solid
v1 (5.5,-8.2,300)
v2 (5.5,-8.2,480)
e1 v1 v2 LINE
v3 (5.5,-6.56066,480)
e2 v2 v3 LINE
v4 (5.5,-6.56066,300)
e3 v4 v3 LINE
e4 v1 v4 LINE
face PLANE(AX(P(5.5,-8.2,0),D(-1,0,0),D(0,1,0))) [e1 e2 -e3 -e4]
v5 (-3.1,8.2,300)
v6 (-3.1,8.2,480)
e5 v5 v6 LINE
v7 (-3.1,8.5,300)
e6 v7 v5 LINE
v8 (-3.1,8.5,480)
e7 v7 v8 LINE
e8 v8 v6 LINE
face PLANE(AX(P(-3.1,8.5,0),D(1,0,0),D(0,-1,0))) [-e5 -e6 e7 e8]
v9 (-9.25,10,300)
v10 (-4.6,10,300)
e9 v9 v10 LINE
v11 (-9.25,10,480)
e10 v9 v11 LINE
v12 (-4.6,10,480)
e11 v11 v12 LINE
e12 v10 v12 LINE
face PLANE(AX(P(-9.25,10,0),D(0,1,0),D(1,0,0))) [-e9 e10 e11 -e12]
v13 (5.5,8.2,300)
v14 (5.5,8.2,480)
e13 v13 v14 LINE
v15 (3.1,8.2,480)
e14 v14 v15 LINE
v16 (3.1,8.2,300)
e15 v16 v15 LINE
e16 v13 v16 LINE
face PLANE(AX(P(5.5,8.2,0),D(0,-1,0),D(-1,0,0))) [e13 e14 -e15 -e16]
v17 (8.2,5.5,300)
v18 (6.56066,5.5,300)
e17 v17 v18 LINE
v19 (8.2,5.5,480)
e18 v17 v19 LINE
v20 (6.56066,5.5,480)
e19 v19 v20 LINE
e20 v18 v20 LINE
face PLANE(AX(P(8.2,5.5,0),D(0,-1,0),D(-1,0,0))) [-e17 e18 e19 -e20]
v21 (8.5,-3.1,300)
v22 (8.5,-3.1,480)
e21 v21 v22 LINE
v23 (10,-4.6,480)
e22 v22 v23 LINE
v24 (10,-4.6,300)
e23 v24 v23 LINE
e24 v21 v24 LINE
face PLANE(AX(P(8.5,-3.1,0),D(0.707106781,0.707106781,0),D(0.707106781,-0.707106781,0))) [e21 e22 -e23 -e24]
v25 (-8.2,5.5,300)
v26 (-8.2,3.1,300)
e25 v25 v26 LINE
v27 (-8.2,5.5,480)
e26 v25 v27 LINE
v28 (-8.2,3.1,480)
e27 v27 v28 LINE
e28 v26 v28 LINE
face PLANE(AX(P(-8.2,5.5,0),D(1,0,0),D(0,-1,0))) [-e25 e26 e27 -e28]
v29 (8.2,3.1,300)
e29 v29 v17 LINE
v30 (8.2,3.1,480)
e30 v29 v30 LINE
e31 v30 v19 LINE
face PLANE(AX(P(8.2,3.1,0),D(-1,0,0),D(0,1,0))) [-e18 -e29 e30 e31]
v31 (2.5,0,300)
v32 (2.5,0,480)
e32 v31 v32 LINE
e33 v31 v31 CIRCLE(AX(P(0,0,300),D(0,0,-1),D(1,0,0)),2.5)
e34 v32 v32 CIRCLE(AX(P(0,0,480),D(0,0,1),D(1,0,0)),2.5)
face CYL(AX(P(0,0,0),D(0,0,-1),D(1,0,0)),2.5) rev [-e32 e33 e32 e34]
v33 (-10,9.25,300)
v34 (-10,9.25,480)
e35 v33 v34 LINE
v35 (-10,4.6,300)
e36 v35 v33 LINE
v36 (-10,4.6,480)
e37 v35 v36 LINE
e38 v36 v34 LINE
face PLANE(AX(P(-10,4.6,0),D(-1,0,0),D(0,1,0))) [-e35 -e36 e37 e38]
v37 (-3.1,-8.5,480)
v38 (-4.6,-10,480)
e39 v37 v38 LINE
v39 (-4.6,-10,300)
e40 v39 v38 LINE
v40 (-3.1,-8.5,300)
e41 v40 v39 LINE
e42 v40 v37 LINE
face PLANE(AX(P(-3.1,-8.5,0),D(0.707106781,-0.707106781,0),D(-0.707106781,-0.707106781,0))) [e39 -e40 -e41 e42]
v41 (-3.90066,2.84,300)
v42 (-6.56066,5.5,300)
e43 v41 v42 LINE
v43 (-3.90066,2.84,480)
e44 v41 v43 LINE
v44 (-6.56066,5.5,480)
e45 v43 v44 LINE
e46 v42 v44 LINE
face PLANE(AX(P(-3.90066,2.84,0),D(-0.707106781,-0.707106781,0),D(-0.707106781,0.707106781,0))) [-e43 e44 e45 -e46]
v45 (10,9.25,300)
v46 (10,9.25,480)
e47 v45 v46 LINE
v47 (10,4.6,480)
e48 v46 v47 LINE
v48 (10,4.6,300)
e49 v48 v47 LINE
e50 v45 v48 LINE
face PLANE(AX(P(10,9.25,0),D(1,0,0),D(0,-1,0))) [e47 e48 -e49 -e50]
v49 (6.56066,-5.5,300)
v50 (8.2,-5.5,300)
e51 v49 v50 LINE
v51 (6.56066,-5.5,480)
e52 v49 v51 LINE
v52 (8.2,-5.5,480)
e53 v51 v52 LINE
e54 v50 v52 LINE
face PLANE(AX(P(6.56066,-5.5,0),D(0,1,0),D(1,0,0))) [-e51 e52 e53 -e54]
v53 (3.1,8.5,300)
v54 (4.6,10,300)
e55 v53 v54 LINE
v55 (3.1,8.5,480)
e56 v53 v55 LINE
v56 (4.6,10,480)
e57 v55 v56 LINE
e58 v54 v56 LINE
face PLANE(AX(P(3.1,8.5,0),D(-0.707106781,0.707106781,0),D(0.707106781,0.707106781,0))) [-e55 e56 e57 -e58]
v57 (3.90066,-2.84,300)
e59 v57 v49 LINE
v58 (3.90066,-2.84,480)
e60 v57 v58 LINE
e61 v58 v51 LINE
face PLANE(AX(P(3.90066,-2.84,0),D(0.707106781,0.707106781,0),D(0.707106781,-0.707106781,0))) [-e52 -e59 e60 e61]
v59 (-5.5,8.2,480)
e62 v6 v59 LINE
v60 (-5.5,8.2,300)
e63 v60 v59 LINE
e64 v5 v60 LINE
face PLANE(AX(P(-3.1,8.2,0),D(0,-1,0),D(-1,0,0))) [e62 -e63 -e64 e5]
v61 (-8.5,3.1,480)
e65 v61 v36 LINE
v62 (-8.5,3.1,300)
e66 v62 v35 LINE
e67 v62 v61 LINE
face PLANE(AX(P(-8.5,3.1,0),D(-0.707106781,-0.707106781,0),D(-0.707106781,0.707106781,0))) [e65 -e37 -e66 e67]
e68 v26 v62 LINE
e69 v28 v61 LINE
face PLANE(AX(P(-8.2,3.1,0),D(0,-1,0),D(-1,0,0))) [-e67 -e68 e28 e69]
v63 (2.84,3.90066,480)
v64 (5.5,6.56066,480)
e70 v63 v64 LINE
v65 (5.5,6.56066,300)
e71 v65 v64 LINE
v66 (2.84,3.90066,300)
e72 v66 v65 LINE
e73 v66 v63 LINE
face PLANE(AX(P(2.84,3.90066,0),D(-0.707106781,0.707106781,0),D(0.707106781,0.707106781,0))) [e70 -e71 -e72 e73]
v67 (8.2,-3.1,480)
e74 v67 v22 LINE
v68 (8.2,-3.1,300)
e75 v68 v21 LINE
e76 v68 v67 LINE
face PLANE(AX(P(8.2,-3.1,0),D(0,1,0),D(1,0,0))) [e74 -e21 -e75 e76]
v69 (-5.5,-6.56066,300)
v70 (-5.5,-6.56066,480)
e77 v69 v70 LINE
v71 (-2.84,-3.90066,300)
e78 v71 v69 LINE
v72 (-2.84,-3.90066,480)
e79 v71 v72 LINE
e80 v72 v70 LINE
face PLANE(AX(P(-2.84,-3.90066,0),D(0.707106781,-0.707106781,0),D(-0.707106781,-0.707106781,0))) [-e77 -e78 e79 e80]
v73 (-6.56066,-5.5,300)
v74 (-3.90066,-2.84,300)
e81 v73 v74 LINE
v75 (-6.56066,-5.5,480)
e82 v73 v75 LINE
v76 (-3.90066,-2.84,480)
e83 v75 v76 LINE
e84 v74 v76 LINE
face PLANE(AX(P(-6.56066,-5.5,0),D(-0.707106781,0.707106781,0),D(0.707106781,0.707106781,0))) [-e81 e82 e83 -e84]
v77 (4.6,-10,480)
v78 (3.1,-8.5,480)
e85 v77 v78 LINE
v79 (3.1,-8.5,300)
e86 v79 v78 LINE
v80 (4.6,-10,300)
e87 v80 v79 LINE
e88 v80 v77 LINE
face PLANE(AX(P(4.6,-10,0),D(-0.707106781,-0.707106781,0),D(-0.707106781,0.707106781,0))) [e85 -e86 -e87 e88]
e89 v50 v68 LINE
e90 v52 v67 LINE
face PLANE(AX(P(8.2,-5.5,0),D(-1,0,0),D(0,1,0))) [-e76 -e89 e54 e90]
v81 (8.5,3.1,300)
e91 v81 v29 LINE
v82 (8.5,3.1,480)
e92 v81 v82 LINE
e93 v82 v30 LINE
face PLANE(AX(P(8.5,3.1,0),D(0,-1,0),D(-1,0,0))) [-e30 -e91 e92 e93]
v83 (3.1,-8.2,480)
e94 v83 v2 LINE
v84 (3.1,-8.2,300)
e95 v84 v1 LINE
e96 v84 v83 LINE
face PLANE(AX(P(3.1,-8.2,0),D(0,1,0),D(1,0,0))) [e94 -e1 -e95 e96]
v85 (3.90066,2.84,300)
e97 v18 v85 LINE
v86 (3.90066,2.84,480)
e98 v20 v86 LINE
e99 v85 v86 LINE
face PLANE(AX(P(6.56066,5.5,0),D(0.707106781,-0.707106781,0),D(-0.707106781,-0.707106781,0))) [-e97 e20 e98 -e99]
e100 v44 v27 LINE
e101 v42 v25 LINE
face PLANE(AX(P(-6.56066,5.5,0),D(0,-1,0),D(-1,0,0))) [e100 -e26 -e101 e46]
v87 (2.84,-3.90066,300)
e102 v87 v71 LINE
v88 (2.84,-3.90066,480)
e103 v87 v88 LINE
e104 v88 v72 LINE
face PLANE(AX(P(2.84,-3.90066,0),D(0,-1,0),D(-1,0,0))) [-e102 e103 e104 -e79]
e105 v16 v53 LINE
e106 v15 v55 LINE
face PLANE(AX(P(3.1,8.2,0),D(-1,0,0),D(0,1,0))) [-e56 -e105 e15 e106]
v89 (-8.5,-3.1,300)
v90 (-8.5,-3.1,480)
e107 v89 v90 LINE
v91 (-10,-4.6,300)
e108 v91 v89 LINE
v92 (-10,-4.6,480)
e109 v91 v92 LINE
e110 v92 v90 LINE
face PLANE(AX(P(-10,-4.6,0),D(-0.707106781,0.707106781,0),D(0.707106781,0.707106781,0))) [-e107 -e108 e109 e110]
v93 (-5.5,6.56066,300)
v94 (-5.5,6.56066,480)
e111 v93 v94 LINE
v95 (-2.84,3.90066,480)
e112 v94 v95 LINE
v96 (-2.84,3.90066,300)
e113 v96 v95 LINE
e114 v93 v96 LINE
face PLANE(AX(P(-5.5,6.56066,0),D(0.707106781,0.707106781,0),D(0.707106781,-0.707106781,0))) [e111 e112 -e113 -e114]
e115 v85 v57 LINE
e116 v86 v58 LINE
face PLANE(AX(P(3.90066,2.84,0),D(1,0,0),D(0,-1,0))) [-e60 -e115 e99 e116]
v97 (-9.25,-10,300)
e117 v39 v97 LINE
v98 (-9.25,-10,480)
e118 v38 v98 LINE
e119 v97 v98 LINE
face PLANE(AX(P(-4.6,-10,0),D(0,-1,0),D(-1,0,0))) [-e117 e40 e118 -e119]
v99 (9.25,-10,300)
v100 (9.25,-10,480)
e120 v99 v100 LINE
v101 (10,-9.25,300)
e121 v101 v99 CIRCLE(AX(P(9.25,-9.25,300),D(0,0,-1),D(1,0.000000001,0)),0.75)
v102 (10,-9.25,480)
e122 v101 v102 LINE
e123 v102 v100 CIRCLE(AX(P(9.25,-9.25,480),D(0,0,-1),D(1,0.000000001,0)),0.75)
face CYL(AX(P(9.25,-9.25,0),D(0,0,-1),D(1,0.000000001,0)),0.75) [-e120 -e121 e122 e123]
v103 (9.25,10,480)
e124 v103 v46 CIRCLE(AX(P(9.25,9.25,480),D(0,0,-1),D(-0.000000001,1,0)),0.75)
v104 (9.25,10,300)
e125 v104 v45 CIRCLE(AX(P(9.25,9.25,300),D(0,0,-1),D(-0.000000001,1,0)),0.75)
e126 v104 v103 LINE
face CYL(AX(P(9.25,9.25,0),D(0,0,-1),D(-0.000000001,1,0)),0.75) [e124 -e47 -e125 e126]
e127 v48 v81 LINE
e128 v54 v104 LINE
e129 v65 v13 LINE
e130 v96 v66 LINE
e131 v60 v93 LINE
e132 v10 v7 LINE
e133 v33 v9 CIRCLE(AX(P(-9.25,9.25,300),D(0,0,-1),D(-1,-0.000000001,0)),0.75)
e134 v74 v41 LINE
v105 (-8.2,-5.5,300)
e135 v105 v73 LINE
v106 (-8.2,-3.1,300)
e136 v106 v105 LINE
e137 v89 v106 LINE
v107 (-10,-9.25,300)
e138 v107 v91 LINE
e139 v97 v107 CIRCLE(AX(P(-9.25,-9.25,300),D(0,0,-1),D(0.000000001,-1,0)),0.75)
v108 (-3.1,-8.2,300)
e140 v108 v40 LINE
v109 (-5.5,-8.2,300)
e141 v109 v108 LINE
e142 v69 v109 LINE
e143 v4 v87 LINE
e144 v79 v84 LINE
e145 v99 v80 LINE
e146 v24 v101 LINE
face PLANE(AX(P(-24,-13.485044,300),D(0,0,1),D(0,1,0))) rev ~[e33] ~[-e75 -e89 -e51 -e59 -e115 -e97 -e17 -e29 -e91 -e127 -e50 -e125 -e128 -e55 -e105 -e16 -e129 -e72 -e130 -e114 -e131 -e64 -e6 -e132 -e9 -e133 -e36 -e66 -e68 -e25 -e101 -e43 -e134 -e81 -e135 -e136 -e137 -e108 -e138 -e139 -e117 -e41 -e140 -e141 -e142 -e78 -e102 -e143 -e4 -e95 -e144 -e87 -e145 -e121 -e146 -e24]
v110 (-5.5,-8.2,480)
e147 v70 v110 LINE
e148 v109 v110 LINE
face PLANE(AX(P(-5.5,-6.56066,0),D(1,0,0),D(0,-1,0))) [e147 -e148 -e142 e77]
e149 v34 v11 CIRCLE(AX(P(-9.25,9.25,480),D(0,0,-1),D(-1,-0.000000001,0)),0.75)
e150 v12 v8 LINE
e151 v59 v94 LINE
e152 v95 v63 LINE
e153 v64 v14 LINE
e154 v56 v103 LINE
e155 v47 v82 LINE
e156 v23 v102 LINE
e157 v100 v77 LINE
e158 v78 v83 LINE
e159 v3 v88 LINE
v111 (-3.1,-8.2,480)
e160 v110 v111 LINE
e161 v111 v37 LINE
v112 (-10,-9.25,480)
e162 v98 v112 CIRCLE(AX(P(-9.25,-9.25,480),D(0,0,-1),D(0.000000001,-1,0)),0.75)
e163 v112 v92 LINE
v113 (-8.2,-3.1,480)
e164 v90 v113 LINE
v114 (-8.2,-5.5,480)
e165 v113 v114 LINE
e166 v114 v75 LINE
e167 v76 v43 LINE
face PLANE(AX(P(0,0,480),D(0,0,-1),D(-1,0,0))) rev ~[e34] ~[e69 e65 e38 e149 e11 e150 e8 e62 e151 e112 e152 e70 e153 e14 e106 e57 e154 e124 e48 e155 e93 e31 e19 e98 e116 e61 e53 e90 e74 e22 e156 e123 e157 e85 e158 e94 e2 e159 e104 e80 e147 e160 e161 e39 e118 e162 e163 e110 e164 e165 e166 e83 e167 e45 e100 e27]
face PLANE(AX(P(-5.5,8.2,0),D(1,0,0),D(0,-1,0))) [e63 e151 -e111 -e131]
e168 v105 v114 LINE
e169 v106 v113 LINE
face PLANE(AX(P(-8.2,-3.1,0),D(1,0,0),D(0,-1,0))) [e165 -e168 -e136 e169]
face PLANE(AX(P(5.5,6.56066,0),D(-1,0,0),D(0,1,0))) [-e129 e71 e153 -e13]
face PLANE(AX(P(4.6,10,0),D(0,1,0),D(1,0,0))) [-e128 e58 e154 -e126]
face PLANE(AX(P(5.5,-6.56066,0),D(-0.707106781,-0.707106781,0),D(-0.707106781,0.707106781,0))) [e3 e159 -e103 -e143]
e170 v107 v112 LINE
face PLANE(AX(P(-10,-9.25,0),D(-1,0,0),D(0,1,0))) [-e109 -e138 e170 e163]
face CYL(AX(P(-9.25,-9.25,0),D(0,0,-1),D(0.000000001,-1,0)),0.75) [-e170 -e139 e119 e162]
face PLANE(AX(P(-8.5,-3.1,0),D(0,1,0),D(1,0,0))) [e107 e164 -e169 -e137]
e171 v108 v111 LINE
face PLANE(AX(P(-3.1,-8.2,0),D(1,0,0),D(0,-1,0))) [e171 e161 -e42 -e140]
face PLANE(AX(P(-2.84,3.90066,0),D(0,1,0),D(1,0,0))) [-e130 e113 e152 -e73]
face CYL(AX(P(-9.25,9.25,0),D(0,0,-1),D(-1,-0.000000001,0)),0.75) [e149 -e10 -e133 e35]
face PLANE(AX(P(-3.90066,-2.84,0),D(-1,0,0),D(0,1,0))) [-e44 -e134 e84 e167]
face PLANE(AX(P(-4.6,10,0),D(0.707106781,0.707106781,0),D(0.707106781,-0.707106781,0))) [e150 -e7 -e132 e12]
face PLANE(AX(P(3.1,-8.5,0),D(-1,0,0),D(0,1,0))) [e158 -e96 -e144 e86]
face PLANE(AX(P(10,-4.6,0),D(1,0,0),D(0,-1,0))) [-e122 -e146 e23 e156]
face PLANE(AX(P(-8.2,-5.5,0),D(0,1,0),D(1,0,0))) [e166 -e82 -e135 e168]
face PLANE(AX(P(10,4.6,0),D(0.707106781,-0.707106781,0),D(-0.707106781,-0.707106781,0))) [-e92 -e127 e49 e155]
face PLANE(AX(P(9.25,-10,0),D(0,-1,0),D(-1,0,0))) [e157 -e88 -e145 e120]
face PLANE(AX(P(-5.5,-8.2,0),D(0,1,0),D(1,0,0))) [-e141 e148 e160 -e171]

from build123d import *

# Parameters (mm, degrees)
CROQUIS1_R              = 2.5
SALIENTE_EXTRUIR1_DEPTH = 480
CUT_EXTRUDE1_DEPTH      = 25
CUT_EXTRUDE1_DEPTH_BACK = 24
SKETCH2_W               = 600
SKETCH2_H               = 26.97008712


with BuildPart() as part:
    # Croquis1 → Saliente-Extruir1 (new body)
    with BuildSketch(Plane.XY):
        with BuildLine():
            Line((-4.6, 10), (-3.1, 8.5))
            Line((-3.1, 8.5), (-3.1, 8.2))
            Line((-3.1, 8.2), (-5.5, 8.2))
            Line((-5.5, 8.2), (-5.5, 6.560660172))
            Line((-5.5, 6.560660172), (-2.84, 3.900660172))
            Line((-2.84, 3.900660172), (0, 3.900660172))
            Line((0, 3.900660172), (2.84, 3.900660172))
            Line((2.84, 3.900660172), (5.5, 6.560660172))
            Line((5.5, 6.560660172), (5.5, 8.2))
            Line((5.5, 8.2), (3.1, 8.2))
            Line((3.1, 8.2), (3.1, 8.5))
            Line((3.1, 8.5), (4.6, 10))
            Line((4.6, 10), (9.25, 10))
            ThreePointArc((9.25, 10), (9.780330086, 9.780330086), (10, 9.25))
            Line((10, 9.25), (10, 4.6))
            Line((10, 4.6), (8.5, 3.1))
            Line((8.5, 3.1), (8.2, 3.1))
            Line((8.2, 3.1), (8.2, 5.5))
            Line((8.2, 5.5), (6.560660172, 5.5))
            Line((6.560660172, 5.5), (3.900660172, 2.84))
            Line((3.900660172, 2.84), (3.900660172, 0))
            Line((3.900660172, 0), (3.900660172, -2.84))
            Line((3.900660172, -2.84), (6.560660172, -5.5))
            Line((6.560660172, -5.5), (8.2, -5.5))
            Line((8.2, -5.5), (8.2, -3.1))
            Line((8.2, -3.1), (8.5, -3.1))
            Line((8.5, -3.1), (10, -4.6))
            Line((10, -4.6), (10, -9.25))
            ThreePointArc((10, -9.25), (9.780330086, -9.780330086), (9.25, -10))
            Line((9.25, -10), (4.6, -10))
            Line((4.6, -10), (3.1, -8.5))
            Line((3.1, -8.5), (3.1, -8.2))
            Line((3.1, -8.2), (5.5, -8.2))
            Line((5.5, -8.2), (5.5, -6.560660172))
            Line((5.5, -6.560660172), (2.84, -3.900660172))
            Line((2.84, -3.900660172), (0, -3.900660172))
            Line((0, -3.900660172), (-2.84, -3.900660172))
            Line((-2.84, -3.900660172), (-5.5, -6.560660172))
            Line((-5.5, -6.560660172), (-5.5, -8.2))
            Line((-5.5, -8.2), (-3.1, -8.2))
            Line((-3.1, -8.2), (-3.1, -8.5))
            Line((-3.1, -8.5), (-4.6, -10))
            Line((-4.6, -10), (-9.25, -10))
            ThreePointArc((-9.25, -10), (-9.780330086, -9.780330086), (-10, -9.25))
            Line((-10, -9.25), (-10, -4.6))
            Line((-10, -4.6), (-8.5, -3.1))
            Line((-8.5, -3.1), (-8.2, -3.1))
            Line((-8.2, -3.1), (-8.2, -5.5))
            Line((-8.2, -5.5), (-6.560660172, -5.5))
            Line((-6.560660172, -5.5), (-3.900660172, -2.84))
            Line((-3.900660172, -2.84), (-3.900660172, 0))
            Line((-3.900660172, 0), (-3.900660172, 2.84))
            Line((-3.900660172, 2.84), (-6.560660172, 5.5))
            Line((-6.560660172, 5.5), (-8.2, 5.5))
            Line((-8.2, 5.5), (-8.2, 3.1))
            Line((-8.2, 3.1), (-8.5, 3.1))
            Line((-8.5, 3.1), (-10, 4.6))
            Line((-10, 4.6), (-10, 9.25))
            ThreePointArc((-10, 9.25), (-9.780330086, 9.780330086), (-9.25, 10))
            Line((-9.25, 10), (-4.6, 10))
        make_face()
        Circle(CROQUIS1_R, mode=Mode.SUBTRACT)
    extrude(amount=SALIENTE_EXTRUIR1_DEPTH)

    # Sketch2 → Cut-Extrude1 (cut, two sides: drawn at the far end of the back side and taken through both)
    with BuildSketch(Plane(origin=(0, 0, 0), x_dir=(0, 0, -1), z_dir=(1, 0, 0)).offset(-CUT_EXTRUDE1_DEPTH_BACK)):
        Rectangle(SKETCH2_W, SKETCH2_H)
    extrude(amount=CUT_EXTRUDE1_DEPTH + CUT_EXTRUDE1_DEPTH_BACK, mode=Mode.SUBTRACT)


solid = part.part
